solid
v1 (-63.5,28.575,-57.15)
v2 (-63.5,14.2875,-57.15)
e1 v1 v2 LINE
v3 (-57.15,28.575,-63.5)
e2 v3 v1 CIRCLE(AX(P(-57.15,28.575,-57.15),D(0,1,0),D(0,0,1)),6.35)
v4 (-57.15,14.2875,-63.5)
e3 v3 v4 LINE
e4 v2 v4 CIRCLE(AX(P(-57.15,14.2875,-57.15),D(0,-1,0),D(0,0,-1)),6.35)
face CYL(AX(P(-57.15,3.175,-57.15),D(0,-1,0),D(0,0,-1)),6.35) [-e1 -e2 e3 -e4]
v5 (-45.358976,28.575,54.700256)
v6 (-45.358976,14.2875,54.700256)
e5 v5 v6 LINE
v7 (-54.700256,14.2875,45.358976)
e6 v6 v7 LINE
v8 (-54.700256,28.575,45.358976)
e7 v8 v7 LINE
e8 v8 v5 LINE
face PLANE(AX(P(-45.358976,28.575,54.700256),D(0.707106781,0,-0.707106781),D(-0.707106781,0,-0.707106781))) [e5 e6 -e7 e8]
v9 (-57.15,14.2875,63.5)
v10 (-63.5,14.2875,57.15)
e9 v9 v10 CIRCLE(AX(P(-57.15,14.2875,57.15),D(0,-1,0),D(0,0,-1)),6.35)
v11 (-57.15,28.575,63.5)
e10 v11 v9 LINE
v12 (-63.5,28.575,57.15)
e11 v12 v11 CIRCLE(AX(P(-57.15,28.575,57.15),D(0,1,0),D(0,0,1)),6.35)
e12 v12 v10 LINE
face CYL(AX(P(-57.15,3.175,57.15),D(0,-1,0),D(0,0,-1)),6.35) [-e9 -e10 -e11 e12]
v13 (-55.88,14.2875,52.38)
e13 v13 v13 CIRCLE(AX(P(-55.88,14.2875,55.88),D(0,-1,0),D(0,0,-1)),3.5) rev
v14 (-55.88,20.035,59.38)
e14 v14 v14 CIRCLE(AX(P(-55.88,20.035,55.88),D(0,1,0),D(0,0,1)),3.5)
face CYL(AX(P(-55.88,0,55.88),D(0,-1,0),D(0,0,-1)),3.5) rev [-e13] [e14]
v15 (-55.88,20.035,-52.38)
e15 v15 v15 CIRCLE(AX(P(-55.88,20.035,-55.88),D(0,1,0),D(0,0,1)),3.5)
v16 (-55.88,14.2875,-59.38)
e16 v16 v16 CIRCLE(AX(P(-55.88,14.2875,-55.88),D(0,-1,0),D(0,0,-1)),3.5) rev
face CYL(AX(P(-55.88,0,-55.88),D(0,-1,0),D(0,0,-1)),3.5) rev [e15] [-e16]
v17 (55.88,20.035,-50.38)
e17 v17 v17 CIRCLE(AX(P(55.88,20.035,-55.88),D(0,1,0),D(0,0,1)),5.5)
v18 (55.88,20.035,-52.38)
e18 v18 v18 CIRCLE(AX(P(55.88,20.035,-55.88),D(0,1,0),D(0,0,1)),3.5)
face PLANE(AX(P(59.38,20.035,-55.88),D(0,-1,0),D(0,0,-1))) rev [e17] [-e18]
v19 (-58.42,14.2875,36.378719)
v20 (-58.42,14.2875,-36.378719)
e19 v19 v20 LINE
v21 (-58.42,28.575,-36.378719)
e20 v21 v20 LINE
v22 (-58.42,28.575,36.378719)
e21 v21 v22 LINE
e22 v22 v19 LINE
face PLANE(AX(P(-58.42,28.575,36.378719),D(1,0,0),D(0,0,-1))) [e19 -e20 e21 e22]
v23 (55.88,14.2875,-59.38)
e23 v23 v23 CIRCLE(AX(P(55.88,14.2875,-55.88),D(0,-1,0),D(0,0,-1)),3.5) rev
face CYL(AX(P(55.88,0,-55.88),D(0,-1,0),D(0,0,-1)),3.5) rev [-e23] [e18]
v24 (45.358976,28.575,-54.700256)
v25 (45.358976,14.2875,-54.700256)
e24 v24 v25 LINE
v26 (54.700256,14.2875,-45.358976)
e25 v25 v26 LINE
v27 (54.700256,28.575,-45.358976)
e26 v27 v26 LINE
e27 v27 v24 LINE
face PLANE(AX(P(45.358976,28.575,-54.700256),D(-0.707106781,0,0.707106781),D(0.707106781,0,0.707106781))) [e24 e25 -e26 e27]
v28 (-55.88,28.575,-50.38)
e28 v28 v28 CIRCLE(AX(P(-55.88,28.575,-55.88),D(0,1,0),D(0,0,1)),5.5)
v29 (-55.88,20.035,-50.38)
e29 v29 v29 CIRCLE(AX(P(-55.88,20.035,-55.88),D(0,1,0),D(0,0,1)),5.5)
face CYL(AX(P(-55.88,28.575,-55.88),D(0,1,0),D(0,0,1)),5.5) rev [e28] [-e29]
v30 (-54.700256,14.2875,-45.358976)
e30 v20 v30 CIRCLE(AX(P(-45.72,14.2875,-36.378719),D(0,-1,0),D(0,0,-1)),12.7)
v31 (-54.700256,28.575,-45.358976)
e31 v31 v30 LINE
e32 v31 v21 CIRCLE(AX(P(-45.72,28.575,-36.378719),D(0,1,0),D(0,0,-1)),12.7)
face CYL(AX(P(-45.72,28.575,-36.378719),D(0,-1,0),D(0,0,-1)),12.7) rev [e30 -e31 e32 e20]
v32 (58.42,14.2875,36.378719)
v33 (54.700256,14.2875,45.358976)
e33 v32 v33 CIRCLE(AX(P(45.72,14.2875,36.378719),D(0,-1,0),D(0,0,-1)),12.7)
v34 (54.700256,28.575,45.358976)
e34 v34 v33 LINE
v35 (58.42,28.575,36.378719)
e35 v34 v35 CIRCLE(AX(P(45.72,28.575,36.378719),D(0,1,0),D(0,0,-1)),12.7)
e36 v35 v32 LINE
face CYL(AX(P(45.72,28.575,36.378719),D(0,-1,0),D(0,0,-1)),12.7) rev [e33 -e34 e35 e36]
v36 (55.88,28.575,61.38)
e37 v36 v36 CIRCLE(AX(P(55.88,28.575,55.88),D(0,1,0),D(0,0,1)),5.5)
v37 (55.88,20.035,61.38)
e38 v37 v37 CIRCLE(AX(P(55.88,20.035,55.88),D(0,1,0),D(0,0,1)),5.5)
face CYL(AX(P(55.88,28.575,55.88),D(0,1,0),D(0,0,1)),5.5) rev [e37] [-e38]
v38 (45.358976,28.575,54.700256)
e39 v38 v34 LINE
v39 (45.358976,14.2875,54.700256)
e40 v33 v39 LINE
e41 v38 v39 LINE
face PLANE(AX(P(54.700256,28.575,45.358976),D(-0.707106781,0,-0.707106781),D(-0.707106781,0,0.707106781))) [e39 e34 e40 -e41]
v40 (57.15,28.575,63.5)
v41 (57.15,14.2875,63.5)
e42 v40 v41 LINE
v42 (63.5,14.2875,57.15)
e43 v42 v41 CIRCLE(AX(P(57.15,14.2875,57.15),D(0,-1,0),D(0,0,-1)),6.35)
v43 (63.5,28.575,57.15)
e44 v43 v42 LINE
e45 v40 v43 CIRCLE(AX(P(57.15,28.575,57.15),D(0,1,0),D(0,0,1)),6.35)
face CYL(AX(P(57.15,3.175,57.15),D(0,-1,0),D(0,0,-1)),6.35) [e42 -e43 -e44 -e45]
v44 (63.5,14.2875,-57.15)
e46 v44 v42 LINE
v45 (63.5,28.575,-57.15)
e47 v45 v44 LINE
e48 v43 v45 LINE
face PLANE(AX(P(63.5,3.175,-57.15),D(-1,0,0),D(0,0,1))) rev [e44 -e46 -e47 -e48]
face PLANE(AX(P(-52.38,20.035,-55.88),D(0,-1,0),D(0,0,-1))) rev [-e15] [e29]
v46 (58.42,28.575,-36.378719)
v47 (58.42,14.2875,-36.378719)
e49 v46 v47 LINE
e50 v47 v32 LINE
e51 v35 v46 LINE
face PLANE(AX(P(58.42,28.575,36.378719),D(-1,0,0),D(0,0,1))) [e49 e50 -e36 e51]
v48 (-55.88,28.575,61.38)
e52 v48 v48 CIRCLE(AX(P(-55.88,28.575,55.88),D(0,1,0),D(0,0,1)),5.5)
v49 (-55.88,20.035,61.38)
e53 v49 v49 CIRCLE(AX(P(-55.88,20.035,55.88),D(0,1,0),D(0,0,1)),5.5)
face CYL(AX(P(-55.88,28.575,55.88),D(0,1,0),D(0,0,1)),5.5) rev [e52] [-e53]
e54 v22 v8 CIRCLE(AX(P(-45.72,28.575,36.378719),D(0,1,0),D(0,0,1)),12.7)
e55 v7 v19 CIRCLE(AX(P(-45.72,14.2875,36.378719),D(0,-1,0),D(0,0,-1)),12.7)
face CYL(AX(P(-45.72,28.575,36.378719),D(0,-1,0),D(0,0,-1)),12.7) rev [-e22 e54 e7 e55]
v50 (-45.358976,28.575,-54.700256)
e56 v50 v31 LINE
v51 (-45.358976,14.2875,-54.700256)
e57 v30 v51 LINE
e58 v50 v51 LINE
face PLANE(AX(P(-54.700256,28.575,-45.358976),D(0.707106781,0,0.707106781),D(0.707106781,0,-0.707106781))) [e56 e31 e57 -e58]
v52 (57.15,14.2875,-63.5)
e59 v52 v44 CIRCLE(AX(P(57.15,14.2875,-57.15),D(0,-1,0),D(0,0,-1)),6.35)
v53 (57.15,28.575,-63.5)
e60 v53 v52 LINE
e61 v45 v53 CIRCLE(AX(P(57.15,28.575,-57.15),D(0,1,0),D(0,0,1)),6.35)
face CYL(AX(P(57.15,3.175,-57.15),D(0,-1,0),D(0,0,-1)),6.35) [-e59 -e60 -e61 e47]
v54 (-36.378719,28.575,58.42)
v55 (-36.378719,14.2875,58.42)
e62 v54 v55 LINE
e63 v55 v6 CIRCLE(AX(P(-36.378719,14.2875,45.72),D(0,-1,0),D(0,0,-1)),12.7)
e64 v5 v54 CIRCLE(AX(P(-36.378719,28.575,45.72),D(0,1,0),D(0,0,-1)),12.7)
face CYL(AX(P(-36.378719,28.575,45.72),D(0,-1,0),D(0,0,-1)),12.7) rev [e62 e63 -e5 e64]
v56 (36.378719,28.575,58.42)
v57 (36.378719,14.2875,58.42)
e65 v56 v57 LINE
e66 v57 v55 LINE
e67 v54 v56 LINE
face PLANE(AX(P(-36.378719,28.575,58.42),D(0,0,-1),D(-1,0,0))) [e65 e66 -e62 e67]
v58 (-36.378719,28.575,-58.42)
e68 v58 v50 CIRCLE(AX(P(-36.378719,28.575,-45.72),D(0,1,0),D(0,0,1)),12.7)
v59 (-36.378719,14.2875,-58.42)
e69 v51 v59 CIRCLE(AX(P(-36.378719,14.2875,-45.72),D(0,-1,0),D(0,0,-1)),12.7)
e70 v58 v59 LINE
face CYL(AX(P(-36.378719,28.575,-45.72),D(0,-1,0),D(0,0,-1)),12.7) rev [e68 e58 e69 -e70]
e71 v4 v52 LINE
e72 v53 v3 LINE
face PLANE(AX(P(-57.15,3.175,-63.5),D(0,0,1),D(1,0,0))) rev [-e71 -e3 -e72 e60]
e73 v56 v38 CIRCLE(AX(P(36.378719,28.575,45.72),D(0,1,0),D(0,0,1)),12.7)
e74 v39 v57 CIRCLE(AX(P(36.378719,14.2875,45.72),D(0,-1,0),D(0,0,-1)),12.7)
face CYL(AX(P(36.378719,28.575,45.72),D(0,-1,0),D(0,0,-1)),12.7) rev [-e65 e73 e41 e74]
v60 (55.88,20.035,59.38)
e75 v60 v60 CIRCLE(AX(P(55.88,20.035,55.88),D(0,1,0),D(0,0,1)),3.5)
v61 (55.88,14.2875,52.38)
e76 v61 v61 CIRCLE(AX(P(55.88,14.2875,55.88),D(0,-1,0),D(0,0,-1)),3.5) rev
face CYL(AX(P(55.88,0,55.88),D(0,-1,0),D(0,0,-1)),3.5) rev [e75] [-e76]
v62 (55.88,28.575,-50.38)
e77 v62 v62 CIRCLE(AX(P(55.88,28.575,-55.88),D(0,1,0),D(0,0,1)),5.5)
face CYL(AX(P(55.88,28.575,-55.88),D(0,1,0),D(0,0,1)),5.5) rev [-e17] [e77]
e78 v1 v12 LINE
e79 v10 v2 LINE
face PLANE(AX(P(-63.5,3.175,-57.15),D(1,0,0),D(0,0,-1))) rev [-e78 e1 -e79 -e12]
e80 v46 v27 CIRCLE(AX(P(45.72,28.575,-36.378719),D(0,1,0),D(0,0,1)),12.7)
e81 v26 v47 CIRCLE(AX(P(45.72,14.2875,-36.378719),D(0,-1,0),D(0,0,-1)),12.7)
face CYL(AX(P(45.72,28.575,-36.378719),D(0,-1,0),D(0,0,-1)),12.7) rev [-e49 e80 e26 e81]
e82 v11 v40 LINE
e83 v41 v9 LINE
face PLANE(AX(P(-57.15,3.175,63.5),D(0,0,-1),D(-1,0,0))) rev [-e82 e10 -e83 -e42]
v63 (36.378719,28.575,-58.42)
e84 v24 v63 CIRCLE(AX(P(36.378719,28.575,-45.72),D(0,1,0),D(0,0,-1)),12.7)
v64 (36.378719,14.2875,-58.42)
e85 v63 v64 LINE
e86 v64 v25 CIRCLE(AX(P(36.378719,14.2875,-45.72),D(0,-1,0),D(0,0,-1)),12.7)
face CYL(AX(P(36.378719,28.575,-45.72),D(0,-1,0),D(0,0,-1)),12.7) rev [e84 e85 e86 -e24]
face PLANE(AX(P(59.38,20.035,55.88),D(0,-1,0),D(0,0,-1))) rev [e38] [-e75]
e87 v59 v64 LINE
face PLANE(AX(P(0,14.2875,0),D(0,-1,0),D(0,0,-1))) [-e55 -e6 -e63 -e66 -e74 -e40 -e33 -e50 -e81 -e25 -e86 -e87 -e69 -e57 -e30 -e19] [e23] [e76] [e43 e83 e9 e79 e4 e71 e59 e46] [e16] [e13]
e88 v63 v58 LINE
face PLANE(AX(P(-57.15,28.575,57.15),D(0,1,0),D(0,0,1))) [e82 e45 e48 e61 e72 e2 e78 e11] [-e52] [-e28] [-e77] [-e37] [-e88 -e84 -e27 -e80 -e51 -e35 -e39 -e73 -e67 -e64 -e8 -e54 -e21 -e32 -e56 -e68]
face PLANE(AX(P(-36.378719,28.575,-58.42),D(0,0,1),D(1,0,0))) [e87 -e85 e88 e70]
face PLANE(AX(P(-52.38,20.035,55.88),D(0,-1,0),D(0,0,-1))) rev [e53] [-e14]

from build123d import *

# Parameters (mm, degrees)
SKETCH1_R                      = 44.45
SKETCH1_R_2                    = 3.25
BOSS_EXTRUDE1_DEPTH            = 3.175
BOSS_EXTRUDE2_DEPTH            = 25.4
CBORE_FOR_M6_SHCS2_D           = 7
CBORE_FOR_M6_SHCS2_CBORE_D     = 11
CBORE_FOR_M6_SHCS2_CBORE_DEPTH = 6
SKETCH10_W                     = 206.275362682
SKETCH10_H                     = 234.398565581
CUT_EXTRUDE1_DEPTH             = 15.2875
CBORE_FOR_M6_SHCS3_D           = 7
CBORE_FOR_M6_SHCS3_CBORE_D     = 11
CBORE_FOR_M6_SHCS3_CBORE_DEPTH = 8.54


with BuildPart() as part:
    # Sketch1 → Boss-Extrude1 (new body)
    with BuildSketch(Plane(origin=(0, 0, 0), x_dir=(1, 0, 0), z_dir=(0, 1, 0))):
        with BuildLine():
            Line((-57.15, 63.5), (57.15, 63.5))
            ThreePointArc((57.15, 63.5), (61.640128061, 61.640128061), (63.5, 57.15))
            Line((63.5, 57.15), (63.5, -57.15))
            ThreePointArc((63.5, -57.15), (61.640128061, -61.640128061), (57.15, -63.5))
            Line((57.15, -63.5), (-57.15, -63.5))
            ThreePointArc((-57.15, -63.5), (-61.640128061, -61.640128061), (-63.5, -57.15))
            Line((-63.5, -57.15), (-63.5, 57.15))
            ThreePointArc((-63.5, 57.15), (-61.640128061, 61.640128061), (-57.15, 63.5))
        make_face()
        Circle(SKETCH1_R, mode=Mode.SUBTRACT)
        with Locations((-57.15, 53.975)):
            Circle(SKETCH1_R_2, mode=Mode.SUBTRACT)
        with Locations((57.15, 53.975)):
            Circle(SKETCH1_R_2, mode=Mode.SUBTRACT)
        with Locations((57.15, -53.975)):
            Circle(SKETCH1_R_2, mode=Mode.SUBTRACT)
        with Locations((-57.15, -53.975)):
            Circle(SKETCH1_R_2, mode=Mode.SUBTRACT)
    extrude(amount=BOSS_EXTRUDE1_DEPTH)

    # Sketch3 → Boss-Extrude2 (add)
    with BuildSketch(Plane(origin=(0, 3.175, 0), x_dir=(1, 0, 0), z_dir=(0, 1, 0))):
        with BuildLine():
            Line((-57.15, -63.5), (57.15, -63.5))
            ThreePointArc((57.15, -63.5), (61.640128061, -61.640128061), (63.5, -57.15))
            Line((63.5, -57.15), (63.5, 57.15))
            ThreePointArc((63.5, 57.15), (61.640128061, 61.640128061), (57.15, 63.5))
            Line((57.15, 63.5), (-57.15, 63.5))
            ThreePointArc((-57.15, 63.5), (-61.640128061, 61.640128061), (-63.5, 57.15))
            Line((-63.5, 57.15), (-63.5, -57.15))
            ThreePointArc((-63.5, -57.15), (-61.640128061, -61.640128061), (-57.15, -63.5))
        make_face()
        with BuildLine():
            Line((-54.700256121, 45.358975516), (-45.358975516, 54.700256121))
            ThreePointArc((-45.358975516, 54.700256121), (-41.238798986, 57.453270063), (-36.378719395, 58.42))
            Line((-36.378719395, 58.42), (36.378719395, 58.42))
            ThreePointArc((36.378719395, 58.42), (41.238798986, 57.453270063), (45.358975516, 54.700256121))
            Line((45.358975516, 54.700256121), (54.700256121, 45.358975516))
            ThreePointArc((54.700256121, 45.358975516), (57.453270063, 41.238798986), (58.42, 36.378719395))
            Line((58.42, 36.378719395), (58.42, -36.378719395))
            ThreePointArc((58.42, -36.378719395), (57.453270063, -41.238798986), (54.700256121, -45.358975516))
            Line((54.700256121, -45.358975516), (45.358975516, -54.700256121))
            ThreePointArc((45.358975516, -54.700256121), (41.238798986, -57.453270063), (36.378719395, -58.42))
            Line((36.378719395, -58.42), (-36.378719395, -58.42))
            ThreePointArc((-36.378719395, -58.42), (-41.238798986, -57.453270063), (-45.358975516, -54.700256121))
            Line((-45.358975516, -54.700256121), (-54.700256121, -45.358975516))
            ThreePointArc((-54.700256121, -45.358975516), (-57.453270063, -41.238798986), (-58.42, -36.378719395))
            Line((-58.42, -36.378719395), (-58.42, 36.378719395))
            ThreePointArc((-58.42, 36.378719395), (-57.453270063, 41.238798986), (-54.700256121, 45.358975516))
        make_face(mode=Mode.SUBTRACT)
    extrude(amount=BOSS_EXTRUDE2_DEPTH)

    # CBORE for M6 SHCS2 (through all)
    with Locations(Plane(origin=(0, 0, 0), x_dir=(-1, 0, 0), z_dir=(0, -1, 0))):
        with Locations((-55.88, 55.88), (55.88, 55.88), (55.88, -55.88), (-55.88, -55.88)):
            CounterBoreHole(CBORE_FOR_M6_SHCS2_D / 2, CBORE_FOR_M6_SHCS2_CBORE_D / 2, CBORE_FOR_M6_SHCS2_CBORE_DEPTH)

    # Sketch10 → Cut-Extrude1 (cut, through all)
    with BuildSketch(Plane(origin=(0, 14.2875, 0), x_dir=(-1, 0, 0), z_dir=(0, -1, 0))):
        with Locations((4.587579463, 2.84706708)):
            Rectangle(SKETCH10_W, SKETCH10_H)
    extrude(amount=CUT_EXTRUDE1_DEPTH, mode=Mode.SUBTRACT)

    # CBORE for M6 SHCS3 (through all)
    with Locations(Plane(origin=(0, 28.575, 0), x_dir=(1, 0, 0), z_dir=(0, 1, 0))):
        with Locations((55.88, 55.88), (55.88, -55.88), (-55.88, -55.88), (-55.88, 55.88)):
            CounterBoreHole(CBORE_FOR_M6_SHCS3_D / 2, CBORE_FOR_M6_SHCS3_CBORE_D / 2, CBORE_FOR_M6_SHCS3_CBORE_DEPTH)


solid = part.part
